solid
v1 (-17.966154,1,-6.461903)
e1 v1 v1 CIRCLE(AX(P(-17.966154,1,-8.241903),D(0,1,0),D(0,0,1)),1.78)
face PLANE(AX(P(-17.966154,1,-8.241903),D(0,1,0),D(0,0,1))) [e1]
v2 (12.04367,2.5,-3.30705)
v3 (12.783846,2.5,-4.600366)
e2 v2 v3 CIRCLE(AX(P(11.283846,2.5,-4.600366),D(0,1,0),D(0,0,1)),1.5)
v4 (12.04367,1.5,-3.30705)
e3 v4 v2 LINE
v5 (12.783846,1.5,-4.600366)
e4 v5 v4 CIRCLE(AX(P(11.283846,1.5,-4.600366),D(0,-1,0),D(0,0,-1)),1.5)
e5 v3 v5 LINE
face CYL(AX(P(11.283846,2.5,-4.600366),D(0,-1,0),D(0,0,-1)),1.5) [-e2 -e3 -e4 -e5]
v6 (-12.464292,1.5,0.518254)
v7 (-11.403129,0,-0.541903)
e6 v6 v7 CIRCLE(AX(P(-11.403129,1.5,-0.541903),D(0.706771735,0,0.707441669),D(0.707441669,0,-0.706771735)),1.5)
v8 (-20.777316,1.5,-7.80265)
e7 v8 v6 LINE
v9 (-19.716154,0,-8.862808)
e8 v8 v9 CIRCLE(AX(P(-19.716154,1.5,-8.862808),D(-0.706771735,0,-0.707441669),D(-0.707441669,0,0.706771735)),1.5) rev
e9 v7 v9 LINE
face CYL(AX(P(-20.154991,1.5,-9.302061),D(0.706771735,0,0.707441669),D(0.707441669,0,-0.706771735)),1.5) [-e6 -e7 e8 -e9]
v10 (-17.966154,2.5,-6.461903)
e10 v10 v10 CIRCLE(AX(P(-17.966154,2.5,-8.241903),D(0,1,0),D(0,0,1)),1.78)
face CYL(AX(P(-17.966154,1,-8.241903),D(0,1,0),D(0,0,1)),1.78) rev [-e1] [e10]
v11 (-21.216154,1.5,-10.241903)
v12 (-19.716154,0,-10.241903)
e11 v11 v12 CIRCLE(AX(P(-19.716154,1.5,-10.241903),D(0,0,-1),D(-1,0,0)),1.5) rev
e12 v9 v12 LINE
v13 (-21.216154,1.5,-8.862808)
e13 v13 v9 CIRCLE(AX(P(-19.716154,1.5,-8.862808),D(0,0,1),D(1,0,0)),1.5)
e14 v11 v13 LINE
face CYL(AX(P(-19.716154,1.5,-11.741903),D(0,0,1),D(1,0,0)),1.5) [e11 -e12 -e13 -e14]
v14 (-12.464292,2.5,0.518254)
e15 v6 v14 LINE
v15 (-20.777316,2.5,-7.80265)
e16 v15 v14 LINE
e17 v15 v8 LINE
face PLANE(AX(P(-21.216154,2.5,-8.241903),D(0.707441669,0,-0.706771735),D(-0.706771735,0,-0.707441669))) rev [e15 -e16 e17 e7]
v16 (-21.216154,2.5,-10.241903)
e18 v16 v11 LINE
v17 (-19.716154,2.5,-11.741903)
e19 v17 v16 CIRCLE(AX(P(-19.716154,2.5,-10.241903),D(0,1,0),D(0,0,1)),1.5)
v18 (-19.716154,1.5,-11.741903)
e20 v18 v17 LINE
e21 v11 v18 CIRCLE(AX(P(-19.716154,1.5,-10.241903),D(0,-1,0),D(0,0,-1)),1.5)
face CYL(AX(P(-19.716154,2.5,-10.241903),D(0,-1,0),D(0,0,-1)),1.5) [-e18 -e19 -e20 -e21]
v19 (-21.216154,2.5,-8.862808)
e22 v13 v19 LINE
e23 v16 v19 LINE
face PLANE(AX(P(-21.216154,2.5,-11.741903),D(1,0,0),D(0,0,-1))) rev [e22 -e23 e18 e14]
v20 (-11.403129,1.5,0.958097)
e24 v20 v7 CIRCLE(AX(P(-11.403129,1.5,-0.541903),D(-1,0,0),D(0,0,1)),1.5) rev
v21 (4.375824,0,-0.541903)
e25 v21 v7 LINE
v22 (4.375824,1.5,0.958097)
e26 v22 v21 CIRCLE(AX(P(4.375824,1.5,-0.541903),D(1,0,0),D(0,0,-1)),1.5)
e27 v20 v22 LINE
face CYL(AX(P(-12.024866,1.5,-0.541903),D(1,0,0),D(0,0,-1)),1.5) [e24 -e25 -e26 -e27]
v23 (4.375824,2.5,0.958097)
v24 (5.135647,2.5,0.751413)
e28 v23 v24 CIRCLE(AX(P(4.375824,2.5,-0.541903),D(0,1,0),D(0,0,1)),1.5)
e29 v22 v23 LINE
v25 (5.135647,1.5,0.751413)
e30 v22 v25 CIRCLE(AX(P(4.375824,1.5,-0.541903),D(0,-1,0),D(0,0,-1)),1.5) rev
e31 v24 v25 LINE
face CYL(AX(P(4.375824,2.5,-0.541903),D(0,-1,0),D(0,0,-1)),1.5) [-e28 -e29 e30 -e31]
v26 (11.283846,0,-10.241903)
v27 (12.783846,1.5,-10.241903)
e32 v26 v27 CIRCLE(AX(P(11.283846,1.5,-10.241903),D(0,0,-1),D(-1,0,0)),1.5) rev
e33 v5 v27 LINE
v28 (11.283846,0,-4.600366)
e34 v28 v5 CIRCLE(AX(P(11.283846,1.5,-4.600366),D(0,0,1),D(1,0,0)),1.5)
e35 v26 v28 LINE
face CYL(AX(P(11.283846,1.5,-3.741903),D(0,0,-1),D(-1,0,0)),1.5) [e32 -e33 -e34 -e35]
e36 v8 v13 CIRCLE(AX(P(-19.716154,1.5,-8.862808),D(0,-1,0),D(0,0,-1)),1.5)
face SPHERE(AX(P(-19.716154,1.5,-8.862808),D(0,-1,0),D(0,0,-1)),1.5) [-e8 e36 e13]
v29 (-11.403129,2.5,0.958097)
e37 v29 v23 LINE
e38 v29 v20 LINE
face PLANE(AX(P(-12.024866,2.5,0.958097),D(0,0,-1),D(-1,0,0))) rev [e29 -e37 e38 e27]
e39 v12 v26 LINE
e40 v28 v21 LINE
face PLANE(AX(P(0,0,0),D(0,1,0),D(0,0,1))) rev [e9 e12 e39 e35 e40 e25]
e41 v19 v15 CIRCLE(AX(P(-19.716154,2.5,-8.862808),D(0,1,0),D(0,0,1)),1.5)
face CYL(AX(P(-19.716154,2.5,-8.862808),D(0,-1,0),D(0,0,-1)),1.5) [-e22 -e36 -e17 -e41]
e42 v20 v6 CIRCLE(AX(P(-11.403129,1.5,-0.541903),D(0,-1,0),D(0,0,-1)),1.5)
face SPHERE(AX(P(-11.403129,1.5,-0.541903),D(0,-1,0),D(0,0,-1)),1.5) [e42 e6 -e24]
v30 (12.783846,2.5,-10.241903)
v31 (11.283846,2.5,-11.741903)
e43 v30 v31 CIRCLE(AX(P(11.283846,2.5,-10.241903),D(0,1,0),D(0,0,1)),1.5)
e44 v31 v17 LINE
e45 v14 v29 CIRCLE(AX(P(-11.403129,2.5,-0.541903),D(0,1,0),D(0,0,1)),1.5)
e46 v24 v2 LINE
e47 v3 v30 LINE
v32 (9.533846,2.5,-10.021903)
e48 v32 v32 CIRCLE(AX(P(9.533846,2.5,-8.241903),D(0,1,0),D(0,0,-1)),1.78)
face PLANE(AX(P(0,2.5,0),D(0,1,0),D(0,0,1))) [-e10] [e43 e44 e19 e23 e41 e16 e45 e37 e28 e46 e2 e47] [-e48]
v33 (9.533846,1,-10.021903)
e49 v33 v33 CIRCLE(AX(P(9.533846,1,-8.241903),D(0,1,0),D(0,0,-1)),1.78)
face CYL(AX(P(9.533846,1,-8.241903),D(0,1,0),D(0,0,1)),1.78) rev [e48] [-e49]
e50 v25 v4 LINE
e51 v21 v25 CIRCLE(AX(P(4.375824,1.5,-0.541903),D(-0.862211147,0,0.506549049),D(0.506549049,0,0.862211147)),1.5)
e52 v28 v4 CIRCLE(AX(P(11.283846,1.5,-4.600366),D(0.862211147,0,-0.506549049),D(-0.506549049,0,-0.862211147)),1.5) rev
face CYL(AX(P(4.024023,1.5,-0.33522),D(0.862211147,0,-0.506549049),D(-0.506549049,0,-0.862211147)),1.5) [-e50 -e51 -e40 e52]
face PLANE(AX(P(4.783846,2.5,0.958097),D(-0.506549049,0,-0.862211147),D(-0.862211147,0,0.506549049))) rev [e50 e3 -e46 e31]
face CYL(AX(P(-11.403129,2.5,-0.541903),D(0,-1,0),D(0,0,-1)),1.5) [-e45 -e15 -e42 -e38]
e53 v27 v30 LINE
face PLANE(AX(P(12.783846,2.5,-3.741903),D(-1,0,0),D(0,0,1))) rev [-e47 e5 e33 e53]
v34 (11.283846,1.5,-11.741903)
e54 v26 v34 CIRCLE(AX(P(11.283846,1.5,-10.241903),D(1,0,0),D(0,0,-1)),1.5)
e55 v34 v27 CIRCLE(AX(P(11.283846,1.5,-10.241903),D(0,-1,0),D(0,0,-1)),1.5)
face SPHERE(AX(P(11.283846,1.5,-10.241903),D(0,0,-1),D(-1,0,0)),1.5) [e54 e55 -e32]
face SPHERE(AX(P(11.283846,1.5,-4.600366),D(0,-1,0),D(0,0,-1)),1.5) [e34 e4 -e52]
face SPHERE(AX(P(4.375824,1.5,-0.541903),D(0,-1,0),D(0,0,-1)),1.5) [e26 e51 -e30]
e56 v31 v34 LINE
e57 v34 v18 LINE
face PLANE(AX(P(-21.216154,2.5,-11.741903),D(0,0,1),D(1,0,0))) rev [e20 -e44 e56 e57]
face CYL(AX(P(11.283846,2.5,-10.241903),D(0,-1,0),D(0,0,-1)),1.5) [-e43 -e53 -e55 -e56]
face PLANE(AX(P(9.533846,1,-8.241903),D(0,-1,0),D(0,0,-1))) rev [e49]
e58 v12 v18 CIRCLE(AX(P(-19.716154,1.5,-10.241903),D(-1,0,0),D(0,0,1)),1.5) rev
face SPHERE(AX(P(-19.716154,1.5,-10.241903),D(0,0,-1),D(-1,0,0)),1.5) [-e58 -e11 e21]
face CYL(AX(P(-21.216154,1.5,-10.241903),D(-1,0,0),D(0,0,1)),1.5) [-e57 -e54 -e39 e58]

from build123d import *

# Parameters (mm, degrees)
BOSS_EXTRUDE1_DEPTH = 2.5
SKETCH4_R           = 1.78
CUT_EXTRUDE1_DEPTH  = 1.5
FILLET1_R           = 1.5


with BuildPart() as part:
    # Sketch2 → Boss-Extrude1 (new body)
    with BuildSketch(Plane(origin=(0, 0, 0), x_dir=(1, 0, 0), z_dir=(0, 1, 0))):
        Polygon((-21.216153836, 11.741903429), (-21.216153836, 8.241903429), (-12.024866066, -0.958096571), (4.783846164, -0.958096571), (12.783846164, 3.741903429), (12.783846164, 11.741903429), align=None)
    extrude(amount=BOSS_EXTRUDE1_DEPTH)

    # Sketch4 → Cut-Extrude1 (cut)
    with BuildSketch(Plane(origin=(0, 2.5, 0), x_dir=(1, 0, 0), z_dir=(0, 1, 0))):
        with Locations((-17.966153836, 8.241903429)):
            Circle(SKETCH4_R)
        with Locations((9.533846164, 8.241903429)):
            Circle(SKETCH4_R)
    extrude(amount=-CUT_EXTRUDE1_DEPTH, mode=Mode.SUBTRACT)

    # Fillet1
    fillet1_edges = [part.edges().sort_by_distance(p)[0] for p in [
        (12.783846164, 1.25, -11.741903429),
        (12.783846164, 1.25, -3.741903429),
        (4.783846164, 1.25, 0.958096571),
        (-12.024866066, 1.25, 0.958096571),
        (-21.216153836, 1.25, -8.241903429),
        (-21.216153836, 1.25, -11.741903429),
        (12.783846164, 0, -7.741903429),
        (8.783846164, 0, -1.391903429),
        (-3.620509951, 0, 0.958096571),
        (-16.620509951, 0, -3.641903429),
        (-21.216153836, 0, -9.991903429),
        (-4.216153836, 0, -11.741903429),
    ]]
    fillet(fillet1_edges, radius=FILLET1_R)


solid = part.part
